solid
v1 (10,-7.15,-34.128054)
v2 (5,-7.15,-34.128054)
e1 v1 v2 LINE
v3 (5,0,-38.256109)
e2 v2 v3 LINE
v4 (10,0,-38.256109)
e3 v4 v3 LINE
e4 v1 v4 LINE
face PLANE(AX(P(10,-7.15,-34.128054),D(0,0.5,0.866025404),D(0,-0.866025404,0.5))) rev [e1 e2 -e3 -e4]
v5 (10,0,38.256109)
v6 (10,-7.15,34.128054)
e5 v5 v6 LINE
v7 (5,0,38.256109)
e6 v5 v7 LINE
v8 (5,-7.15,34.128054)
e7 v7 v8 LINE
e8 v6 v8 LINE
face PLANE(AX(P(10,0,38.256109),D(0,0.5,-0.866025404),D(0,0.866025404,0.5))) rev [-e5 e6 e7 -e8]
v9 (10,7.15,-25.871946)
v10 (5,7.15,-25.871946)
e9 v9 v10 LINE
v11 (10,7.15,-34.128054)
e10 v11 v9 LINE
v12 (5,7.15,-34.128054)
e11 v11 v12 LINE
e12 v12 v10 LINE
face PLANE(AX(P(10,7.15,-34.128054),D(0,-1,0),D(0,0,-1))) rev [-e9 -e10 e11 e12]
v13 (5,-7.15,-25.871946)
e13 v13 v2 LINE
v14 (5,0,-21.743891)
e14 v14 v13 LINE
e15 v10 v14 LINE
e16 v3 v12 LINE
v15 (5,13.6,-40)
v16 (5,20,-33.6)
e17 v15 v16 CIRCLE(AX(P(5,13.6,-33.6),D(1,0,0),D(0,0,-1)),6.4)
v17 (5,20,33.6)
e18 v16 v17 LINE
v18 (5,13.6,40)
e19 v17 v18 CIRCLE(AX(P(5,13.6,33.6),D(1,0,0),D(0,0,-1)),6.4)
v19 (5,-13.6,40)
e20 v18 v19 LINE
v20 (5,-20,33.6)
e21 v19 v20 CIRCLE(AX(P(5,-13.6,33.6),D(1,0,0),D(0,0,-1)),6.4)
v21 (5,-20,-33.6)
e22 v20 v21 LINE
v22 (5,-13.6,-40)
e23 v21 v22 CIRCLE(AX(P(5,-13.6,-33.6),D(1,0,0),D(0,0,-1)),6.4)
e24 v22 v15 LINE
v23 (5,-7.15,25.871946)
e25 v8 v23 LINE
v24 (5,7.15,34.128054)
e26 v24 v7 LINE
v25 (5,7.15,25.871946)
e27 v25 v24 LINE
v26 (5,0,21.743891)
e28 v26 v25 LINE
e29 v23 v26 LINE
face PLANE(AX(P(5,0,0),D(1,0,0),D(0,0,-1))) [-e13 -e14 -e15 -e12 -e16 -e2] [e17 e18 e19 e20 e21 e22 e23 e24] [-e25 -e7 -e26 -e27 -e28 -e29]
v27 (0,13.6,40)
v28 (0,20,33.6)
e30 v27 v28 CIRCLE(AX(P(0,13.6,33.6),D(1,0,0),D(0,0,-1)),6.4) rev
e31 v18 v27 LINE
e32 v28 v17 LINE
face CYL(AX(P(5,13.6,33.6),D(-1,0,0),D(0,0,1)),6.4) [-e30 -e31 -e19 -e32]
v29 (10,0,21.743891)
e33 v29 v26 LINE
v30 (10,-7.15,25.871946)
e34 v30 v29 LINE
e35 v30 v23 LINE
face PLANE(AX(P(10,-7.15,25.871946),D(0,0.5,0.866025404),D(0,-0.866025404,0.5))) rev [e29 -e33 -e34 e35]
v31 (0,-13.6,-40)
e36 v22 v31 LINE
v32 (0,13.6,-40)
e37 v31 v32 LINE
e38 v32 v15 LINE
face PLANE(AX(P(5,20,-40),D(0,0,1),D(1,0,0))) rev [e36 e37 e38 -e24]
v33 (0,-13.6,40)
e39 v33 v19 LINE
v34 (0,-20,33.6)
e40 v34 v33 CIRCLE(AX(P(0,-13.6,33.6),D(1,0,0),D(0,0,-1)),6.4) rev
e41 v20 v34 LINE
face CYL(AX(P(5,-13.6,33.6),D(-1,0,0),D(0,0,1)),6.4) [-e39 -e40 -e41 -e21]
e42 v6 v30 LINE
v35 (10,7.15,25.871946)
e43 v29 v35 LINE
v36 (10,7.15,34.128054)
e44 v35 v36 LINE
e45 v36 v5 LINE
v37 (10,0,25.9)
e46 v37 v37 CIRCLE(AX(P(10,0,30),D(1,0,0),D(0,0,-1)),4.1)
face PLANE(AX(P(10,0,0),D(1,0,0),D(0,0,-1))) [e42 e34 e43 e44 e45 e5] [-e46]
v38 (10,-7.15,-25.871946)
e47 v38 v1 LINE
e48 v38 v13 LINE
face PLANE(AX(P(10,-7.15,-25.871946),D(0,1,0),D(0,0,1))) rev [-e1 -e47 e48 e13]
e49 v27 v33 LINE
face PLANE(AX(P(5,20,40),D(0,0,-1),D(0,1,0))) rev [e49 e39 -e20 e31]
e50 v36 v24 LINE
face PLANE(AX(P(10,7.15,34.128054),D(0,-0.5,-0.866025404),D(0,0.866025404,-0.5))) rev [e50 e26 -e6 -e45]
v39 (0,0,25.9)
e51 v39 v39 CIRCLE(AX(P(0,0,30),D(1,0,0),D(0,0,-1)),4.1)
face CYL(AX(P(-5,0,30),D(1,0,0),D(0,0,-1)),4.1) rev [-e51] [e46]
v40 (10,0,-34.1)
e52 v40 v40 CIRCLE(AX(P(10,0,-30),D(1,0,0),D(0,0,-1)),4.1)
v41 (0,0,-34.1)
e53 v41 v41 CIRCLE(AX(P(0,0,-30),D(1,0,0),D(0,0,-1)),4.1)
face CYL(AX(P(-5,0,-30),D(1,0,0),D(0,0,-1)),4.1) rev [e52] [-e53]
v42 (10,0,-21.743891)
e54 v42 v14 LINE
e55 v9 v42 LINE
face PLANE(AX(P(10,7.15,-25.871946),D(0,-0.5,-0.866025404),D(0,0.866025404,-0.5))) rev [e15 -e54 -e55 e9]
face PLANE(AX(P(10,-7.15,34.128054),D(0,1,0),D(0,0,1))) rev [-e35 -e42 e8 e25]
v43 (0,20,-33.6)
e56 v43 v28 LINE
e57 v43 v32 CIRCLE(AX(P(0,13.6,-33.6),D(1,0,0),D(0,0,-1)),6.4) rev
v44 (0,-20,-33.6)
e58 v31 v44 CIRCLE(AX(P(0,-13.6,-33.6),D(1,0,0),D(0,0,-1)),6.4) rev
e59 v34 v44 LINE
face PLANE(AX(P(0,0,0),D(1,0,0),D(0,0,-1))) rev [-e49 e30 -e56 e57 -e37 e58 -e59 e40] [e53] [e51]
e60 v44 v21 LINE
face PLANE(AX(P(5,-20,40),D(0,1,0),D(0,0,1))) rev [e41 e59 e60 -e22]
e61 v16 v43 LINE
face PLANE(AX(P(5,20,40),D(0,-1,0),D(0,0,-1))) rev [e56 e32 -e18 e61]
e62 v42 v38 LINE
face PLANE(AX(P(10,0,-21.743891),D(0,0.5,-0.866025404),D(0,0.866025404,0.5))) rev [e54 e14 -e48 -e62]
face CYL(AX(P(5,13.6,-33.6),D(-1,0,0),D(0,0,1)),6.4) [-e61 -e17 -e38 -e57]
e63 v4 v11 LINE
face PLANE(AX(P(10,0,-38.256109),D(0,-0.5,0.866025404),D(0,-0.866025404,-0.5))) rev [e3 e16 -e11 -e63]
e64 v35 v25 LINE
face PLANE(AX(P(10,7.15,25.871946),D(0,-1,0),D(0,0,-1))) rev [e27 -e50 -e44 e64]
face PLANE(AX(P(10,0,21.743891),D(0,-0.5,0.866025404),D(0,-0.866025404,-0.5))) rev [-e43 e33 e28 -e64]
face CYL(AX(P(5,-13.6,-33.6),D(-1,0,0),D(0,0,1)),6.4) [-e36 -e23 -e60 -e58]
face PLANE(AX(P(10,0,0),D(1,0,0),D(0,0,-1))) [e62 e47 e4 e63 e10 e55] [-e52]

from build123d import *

# Parameters (mm, degrees)
SZKIC2_W                    = 80
SZKIC2_H                    = 40
DODANIE_WYCI_GNI_CIE1_DEPTH = 5
ZAOKR_GLENIE1_R             = 6.4
SZKIC3_R                    = 4.1
WYTNIJ_WYCI_GNI_CIE1_DEPTH  = 10
DODANIE_WYCI_GNI_CIE2_DEPTH = 5
WYTNIJ_WYCI_GNI_CIE2_START  = -15
SZKIC5_R                    = 4.1
WYTNIJ_WYCI_GNI_CIE2_DEPTH  = 15


with BuildPart() as part:
    # Szkic2 → Dodanie-wyciągnięcie1 (new body)
    with BuildSketch(Plane(origin=(0, 0, 0), x_dir=(0, 0, -1), z_dir=(1, 0, 0))):
        Rectangle(SZKIC2_W, SZKIC2_H)
    extrude(amount=DODANIE_WYCI_GNI_CIE1_DEPTH)

    # Zaokrąglenie1
    zaokr_glenie1_edges = [part.edges().sort_by_distance(p)[0] for p in [
        (2.5, -20, -40),
        (2.5, -20, 40),
        (2.5, 20, 40),
        (2.5, 20, -40),
    ]]
    fillet(zaokr_glenie1_edges, radius=ZAOKR_GLENIE1_R)

    # Szkic3 → Wytnij-wyciągnięcie1 (cut, symmetric)
    with BuildSketch(Plane(origin=(5, 0, 0), x_dir=(0, 0, -1), z_dir=(1, 0, 0))):
        with Locations((-30, 0)):
            Circle(SZKIC3_R)
        with Locations((30, 0)):
            Circle(SZKIC3_R)
    extrude(amount=WYTNIJ_WYCI_GNI_CIE1_DEPTH, both=True, mode=Mode.SUBTRACT)

    # Szkic4 → Dodanie-wyciągnięcie2 (add)
    with BuildSketch(Plane(origin=(5, 0, 0), x_dir=(0, 0, -1), z_dir=(1, 0, 0))):
        Polygon((-21.743891151, 0), (-25.871945575, 7.15), (-34.128054425, 7.15), (-38.256108849, 0), (-34.128054425, -7.15), (-25.871945575, -7.15), align=None)
        Polygon((21.743891151, 0), (25.871945575, -7.15), (34.128054425, -7.15), (38.256108849, 0), (34.128054425, 7.15), (25.871945575, 7.15), align=None)
    extrude(amount=DODANIE_WYCI_GNI_CIE2_DEPTH)

    # Szkic5 → Wytnij-wyciągnięcie2 (cut)
    with BuildSketch(Plane.ZY.offset(WYTNIJ_WYCI_GNI_CIE2_START)):
        with Locations(Location((30, 0, 0), (0, 0, 180))):
            Circle(SZKIC5_R)
        with Locations(Location((-30, 0, 0), (0, 0, 180))):
            Circle(SZKIC5_R)
    extrude(amount=WYTNIJ_WYCI_GNI_CIE2_DEPTH, mode=Mode.SUBTRACT)


solid = part.part
